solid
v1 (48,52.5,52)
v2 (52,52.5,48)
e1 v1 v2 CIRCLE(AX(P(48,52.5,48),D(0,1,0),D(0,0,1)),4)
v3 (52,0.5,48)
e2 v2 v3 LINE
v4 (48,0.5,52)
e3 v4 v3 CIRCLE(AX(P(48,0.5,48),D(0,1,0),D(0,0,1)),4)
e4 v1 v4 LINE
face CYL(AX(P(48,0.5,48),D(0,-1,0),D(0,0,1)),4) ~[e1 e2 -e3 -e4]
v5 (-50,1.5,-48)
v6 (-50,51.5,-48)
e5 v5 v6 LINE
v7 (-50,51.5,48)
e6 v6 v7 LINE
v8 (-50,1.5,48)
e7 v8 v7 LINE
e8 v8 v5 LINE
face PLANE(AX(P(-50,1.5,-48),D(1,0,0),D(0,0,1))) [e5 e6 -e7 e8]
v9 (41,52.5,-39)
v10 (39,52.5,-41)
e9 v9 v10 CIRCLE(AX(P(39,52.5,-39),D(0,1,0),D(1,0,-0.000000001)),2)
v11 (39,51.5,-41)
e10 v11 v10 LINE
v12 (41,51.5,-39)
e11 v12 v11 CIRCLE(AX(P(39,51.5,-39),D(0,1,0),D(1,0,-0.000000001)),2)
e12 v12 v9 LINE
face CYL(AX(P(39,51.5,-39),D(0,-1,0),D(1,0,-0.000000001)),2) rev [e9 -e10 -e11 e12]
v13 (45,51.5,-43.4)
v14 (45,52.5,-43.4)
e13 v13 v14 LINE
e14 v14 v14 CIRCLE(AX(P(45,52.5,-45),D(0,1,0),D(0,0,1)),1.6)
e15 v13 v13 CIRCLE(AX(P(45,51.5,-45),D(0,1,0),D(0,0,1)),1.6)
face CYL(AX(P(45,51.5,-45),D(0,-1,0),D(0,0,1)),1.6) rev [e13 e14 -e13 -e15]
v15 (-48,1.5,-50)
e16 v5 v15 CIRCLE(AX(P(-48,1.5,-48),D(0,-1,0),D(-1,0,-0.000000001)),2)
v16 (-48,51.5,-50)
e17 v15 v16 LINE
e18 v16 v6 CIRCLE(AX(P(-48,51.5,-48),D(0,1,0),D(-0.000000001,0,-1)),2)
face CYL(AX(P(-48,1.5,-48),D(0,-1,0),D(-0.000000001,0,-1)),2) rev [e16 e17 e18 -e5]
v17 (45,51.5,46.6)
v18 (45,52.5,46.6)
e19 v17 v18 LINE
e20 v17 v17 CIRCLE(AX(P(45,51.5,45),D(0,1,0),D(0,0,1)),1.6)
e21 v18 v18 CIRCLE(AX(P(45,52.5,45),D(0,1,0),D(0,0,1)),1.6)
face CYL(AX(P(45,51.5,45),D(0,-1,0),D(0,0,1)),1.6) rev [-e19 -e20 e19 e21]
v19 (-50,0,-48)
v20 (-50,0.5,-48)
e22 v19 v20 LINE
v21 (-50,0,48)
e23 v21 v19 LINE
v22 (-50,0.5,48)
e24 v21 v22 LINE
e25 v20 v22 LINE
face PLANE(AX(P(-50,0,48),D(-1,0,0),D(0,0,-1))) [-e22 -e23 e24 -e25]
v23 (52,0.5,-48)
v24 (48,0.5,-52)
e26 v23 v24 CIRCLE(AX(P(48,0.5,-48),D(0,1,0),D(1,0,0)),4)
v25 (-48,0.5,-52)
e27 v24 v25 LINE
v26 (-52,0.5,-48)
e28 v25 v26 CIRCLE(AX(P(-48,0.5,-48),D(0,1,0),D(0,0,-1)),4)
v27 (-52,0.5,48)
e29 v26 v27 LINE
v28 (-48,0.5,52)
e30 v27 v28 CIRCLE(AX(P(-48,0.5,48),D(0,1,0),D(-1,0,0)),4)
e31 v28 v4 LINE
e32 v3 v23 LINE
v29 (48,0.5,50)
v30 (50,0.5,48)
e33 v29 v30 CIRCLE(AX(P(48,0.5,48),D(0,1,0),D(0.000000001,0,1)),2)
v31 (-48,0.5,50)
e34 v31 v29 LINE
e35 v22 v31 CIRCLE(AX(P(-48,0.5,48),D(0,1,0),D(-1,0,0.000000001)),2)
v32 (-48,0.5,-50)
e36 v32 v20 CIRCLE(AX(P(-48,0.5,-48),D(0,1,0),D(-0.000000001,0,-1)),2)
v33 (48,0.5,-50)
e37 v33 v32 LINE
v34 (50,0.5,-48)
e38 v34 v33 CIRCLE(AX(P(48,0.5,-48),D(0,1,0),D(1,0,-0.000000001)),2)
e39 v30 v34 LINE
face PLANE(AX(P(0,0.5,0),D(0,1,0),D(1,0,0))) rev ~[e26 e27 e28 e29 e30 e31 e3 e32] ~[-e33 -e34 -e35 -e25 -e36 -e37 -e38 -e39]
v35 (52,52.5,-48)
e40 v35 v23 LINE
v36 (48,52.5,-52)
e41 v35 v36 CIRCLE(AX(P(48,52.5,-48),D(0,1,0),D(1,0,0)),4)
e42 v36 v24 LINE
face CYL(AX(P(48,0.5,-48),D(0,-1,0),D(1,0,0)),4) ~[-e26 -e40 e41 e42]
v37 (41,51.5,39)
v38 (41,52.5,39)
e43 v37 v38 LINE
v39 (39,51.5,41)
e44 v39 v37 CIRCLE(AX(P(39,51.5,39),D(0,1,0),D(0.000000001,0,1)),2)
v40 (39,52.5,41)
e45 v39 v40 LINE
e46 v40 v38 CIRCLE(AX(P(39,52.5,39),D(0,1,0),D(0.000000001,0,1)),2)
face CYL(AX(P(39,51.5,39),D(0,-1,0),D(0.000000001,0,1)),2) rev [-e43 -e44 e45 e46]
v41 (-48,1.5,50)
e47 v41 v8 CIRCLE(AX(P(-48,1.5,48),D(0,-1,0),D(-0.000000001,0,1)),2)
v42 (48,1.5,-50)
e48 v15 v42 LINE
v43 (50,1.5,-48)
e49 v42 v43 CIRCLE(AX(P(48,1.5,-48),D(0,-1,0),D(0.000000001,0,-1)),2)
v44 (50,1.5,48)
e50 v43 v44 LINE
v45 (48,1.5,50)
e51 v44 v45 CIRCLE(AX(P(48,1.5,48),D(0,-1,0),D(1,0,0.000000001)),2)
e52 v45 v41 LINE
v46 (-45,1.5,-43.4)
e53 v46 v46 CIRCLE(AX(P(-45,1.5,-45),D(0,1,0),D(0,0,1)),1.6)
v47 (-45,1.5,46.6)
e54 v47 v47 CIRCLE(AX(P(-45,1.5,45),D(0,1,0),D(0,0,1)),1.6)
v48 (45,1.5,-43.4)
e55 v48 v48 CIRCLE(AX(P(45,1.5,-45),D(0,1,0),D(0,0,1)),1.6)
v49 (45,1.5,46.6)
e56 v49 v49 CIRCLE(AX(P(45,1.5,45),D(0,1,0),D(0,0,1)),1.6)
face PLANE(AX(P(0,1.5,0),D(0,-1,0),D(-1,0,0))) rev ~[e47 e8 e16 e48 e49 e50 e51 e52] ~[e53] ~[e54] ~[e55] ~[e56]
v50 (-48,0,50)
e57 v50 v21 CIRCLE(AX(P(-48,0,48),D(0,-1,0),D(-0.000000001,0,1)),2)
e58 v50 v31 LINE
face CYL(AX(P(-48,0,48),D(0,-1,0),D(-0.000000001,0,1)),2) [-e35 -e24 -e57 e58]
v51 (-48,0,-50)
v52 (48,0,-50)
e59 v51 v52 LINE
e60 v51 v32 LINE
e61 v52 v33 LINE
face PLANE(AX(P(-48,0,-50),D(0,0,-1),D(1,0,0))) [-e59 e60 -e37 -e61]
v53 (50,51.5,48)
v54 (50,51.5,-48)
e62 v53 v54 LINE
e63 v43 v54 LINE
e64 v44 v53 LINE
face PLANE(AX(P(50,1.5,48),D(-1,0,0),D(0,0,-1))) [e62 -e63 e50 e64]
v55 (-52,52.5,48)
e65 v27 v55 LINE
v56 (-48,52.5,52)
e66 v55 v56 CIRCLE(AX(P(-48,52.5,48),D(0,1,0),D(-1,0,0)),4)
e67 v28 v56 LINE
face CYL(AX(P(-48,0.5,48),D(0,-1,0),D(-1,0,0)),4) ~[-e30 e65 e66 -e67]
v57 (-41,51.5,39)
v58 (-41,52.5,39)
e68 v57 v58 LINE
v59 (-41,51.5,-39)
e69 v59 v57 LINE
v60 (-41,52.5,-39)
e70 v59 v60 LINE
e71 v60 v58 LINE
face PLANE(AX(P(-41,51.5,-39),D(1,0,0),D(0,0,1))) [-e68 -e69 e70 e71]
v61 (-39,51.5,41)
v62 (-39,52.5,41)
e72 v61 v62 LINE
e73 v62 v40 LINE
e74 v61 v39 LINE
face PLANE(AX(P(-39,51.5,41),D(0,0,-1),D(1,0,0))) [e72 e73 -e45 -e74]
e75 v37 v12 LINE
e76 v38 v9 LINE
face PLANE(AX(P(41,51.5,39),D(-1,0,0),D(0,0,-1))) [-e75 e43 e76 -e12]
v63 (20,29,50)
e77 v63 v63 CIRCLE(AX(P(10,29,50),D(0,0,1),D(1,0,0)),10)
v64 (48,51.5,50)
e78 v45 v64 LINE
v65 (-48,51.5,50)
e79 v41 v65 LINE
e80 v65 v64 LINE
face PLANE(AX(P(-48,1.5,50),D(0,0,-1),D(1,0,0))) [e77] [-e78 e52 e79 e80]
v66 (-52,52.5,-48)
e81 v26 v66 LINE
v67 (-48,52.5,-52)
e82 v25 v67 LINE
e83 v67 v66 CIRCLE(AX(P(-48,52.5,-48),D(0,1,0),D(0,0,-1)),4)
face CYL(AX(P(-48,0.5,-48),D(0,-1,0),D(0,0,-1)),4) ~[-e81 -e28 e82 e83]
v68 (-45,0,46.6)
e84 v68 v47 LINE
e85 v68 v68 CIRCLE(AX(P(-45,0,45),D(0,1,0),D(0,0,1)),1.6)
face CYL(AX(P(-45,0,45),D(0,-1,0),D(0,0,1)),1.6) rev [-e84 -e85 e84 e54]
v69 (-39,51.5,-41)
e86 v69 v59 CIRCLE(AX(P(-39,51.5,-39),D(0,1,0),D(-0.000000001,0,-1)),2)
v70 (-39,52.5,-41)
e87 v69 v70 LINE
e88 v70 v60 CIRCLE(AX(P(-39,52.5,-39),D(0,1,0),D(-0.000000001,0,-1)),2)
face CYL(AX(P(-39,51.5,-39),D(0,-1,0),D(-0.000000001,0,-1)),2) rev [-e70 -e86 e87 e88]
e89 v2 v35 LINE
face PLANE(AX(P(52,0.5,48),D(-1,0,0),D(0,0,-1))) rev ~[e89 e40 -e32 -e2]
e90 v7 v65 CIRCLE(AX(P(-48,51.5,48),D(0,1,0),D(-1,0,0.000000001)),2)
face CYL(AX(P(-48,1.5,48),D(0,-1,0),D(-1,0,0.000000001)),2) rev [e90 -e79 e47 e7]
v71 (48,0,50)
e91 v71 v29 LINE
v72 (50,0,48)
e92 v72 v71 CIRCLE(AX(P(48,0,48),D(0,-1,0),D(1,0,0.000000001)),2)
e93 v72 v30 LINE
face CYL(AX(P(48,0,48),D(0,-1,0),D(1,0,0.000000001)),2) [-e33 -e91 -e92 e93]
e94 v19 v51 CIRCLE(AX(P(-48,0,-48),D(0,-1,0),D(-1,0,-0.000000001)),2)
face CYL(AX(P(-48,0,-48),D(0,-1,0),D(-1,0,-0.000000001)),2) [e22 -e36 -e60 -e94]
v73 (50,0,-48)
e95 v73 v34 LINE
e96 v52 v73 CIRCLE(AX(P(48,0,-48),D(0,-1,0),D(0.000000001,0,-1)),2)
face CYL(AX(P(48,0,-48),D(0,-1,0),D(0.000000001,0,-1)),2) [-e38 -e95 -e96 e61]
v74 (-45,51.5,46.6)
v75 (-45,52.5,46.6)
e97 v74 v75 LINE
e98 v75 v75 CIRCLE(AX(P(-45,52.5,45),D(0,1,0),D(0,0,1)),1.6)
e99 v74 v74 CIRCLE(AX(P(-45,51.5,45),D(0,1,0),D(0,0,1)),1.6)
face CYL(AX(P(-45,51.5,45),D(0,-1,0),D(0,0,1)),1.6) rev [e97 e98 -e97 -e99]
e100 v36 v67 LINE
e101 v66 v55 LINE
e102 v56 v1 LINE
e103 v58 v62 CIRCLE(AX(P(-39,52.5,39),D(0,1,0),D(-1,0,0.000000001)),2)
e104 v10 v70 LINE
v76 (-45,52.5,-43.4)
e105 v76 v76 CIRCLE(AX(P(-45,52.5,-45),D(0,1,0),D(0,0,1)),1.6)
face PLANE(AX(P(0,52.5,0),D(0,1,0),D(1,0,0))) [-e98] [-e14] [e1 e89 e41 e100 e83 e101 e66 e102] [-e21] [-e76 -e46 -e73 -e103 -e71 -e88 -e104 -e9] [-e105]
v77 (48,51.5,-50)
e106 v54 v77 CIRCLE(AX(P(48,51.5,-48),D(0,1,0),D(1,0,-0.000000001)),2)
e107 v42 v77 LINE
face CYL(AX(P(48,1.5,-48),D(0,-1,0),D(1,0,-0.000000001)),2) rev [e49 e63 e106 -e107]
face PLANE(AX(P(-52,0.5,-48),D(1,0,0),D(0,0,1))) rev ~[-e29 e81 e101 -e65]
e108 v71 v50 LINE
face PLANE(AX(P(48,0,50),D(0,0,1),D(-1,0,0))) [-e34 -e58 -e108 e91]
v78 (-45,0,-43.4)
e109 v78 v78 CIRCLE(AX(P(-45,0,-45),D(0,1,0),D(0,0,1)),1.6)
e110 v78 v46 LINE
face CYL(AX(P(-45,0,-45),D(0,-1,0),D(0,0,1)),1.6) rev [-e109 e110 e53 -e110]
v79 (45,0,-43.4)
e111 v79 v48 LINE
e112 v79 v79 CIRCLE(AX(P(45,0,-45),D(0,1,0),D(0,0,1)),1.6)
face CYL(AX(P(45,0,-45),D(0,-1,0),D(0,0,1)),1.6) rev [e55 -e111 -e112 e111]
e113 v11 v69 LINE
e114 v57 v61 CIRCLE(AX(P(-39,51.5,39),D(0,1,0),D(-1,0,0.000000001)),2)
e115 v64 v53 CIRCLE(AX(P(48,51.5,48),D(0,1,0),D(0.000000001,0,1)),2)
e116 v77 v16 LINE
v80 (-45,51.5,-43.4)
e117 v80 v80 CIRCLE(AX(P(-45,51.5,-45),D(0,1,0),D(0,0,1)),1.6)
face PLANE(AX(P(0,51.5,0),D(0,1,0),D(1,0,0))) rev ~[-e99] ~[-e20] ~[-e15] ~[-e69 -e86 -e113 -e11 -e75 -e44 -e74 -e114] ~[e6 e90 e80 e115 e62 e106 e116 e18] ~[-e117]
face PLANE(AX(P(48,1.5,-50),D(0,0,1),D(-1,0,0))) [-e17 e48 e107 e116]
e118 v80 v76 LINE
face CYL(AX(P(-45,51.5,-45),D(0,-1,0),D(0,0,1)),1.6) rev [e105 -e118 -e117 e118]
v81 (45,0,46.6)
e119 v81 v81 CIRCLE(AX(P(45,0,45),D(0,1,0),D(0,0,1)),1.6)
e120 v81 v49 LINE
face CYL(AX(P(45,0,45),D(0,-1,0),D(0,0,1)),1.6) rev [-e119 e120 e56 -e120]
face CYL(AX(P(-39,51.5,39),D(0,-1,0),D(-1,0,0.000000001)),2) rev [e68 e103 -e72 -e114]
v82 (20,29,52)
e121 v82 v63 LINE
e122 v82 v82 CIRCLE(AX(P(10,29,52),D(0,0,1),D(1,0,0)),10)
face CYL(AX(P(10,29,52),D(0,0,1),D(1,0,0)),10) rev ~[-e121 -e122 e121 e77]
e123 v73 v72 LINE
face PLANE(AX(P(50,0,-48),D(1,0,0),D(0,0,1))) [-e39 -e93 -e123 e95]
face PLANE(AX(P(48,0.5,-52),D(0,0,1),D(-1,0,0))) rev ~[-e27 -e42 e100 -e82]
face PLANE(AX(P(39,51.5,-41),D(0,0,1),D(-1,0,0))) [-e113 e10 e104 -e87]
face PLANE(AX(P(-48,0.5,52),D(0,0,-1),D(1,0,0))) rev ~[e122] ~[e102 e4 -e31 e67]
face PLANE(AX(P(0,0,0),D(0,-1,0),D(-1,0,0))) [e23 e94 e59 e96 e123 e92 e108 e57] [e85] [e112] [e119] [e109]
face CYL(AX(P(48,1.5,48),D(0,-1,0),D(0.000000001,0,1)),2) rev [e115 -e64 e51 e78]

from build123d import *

# Parameters (mm, degrees)
SKETCH1_R            = 1.6
BOSS_EXTRUDE1_DEPTH  = 1.5
BOSS_EXTRUDE10_DEPTH = 50
SKETCH5_R            = 10
CUT_EXTRUDE1_DEPTH   = 10
SKETCH6_R            = 1.6
BOSS_EXTRUDE11_DEPTH = 1
BOSS_EXTRUDE12_START = -1
BOSS_EXTRUDE12_DEPTH = 1


with BuildPart() as part:
    # Sketch1 → Boss-Extrude1 (new body)
    with BuildSketch(Plane(origin=(0, 0, 0), x_dir=(1, 0, 0), z_dir=(0, 1, 0))):
        with BuildLine():
            Line((48, -50), (-48, -50))
            ThreePointArc((-48, -50), (-49.414213562, -49.414213562), (-50, -48))
            Line((-50, -48), (-50, 48))
            ThreePointArc((-50, 48), (-49.414213562, 49.414213562), (-48, 50))
            Line((-48, 50), (48, 50))
            ThreePointArc((48, 50), (49.414213562, 49.414213562), (50, 48))
            Line((50, 48), (50, -48))
            ThreePointArc((50, -48), (49.414213562, -49.414213562), (48, -50))
        make_face()
        with Locations((-45, 45)):
            Circle(SKETCH1_R, mode=Mode.SUBTRACT)
        with Locations((45, 45)):
            Circle(SKETCH1_R, mode=Mode.SUBTRACT)
        with Locations((45, -45)):
            Circle(SKETCH1_R, mode=Mode.SUBTRACT)
        with Locations((-45, -45)):
            Circle(SKETCH1_R, mode=Mode.SUBTRACT)
    extrude(amount=BOSS_EXTRUDE1_DEPTH)



with BuildPart() as body_2:
    # Sketch2 → Boss-Extrude10 (new body)
    with BuildSketch(Plane(origin=(0, 1.5, 0), x_dir=(1, 0, 0), z_dir=(0, 1, 0))):
        with BuildLine():
            Line((48, 52), (-48, 52))
            ThreePointArc((-48, 52), (-50.828427125, 50.828427125), (-52, 48))
            Line((-52, 48), (-52, -48))
            ThreePointArc((-52, -48), (-50.828427125, -50.828427125), (-48, -52))
            Line((-48, -52), (48, -52))
            ThreePointArc((48, -52), (50.828427125, -50.828427125), (52, -48))
            Line((52, -48), (52, 48))
            ThreePointArc((52, 48), (50.828427125, 50.828427125), (48, 52))
        make_face()
        with BuildLine():
            Line((48, 50), (-48, 50))
            ThreePointArc((-48, 50), (-49.414213562, 49.414213562), (-50, 48))
            Line((-50, 48), (-50, -48))
            ThreePointArc((-50, -48), (-49.414213562, -49.414213562), (-48, -50))
            Line((-48, -50), (48, -50))
            ThreePointArc((48, -50), (49.414213562, -49.414213562), (50, -48))
            Line((50, -48), (50, 48))
            ThreePointArc((50, 48), (49.414213562, 49.414213562), (48, 50))
        make_face(mode=Mode.SUBTRACT)
    extrude(amount=BOSS_EXTRUDE10_DEPTH)

    # Sketch5 → Cut-Extrude1 (cut)
    with BuildSketch(Plane.XY.offset(52)):
        with Locations((10, 29)):
            Circle(SKETCH5_R)
    extrude(amount=-CUT_EXTRUDE1_DEPTH, mode=Mode.SUBTRACT)

    # Sketch6 → Boss-Extrude11 (add)
    with BuildSketch(Plane(origin=(0, 51.5, 0), x_dir=(1, 0, 0), z_dir=(0, 1, 0))):
        with BuildLine():
            Line((48, 52), (-48, 52))
            ThreePointArc((-48, 52), (-50.828427125, 50.828427125), (-52, 48))
            Line((-52, 48), (-52, -48))
            ThreePointArc((-52, -48), (-50.828427125, -50.828427125), (-48, -52))
            Line((-48, -52), (48, -52))
            ThreePointArc((48, -52), (50.828427125, -50.828427125), (52, -48))
            Line((52, -48), (52, 48))
            ThreePointArc((52, 48), (50.828427125, 50.828427125), (48, 52))
        make_face()
        with Locations((-45, 45)):
            Circle(SKETCH6_R, mode=Mode.SUBTRACT)
        with Locations((45, 45)):
            Circle(SKETCH6_R, mode=Mode.SUBTRACT)
        with Locations((45, -45)):
            Circle(SKETCH6_R, mode=Mode.SUBTRACT)
        with Locations((-45, -45)):
            Circle(SKETCH6_R, mode=Mode.SUBTRACT)
        with BuildLine():
            Line((-39, -41), (39, -41))
            ThreePointArc((39, -41), (40.414213562, -40.414213562), (41, -39))
            Line((41, -39), (41, 39))
            ThreePointArc((41, 39), (40.414213562, 40.414213562), (39, 41))
            Line((39, 41), (-39, 41))
            ThreePointArc((-39, 41), (-40.414213562, 40.414213562), (-41, 39))
            Line((-41, 39), (-41, -39))
            ThreePointArc((-41, -39), (-40.414213562, -40.414213562), (-39, -41))
        make_face(mode=Mode.SUBTRACT)
    extrude(amount=BOSS_EXTRUDE11_DEPTH)


with BuildPart() as part_1:
    add(part.part)

    add(body_2.part)  # Boss-Extrude12 merges body 2
    # Sketch2<6> → Boss-Extrude12 (add)
    with BuildSketch(Plane(origin=(0, 1.5, 0), x_dir=(1, 0, 0), z_dir=(0, 1, 0)).offset(BOSS_EXTRUDE12_START)):
        with BuildLine():
            Line((48, 52), (-48, 52))
            ThreePointArc((-48, 52), (-50.828427125, 50.828427125), (-52, 48))
            Line((-52, 48), (-52, -48))
            ThreePointArc((-52, -48), (-50.828427125, -50.828427125), (-48, -52))
            Line((-48, -52), (48, -52))
            ThreePointArc((48, -52), (50.828427125, -50.828427125), (52, -48))
            Line((52, -48), (52, 48))
            ThreePointArc((52, 48), (50.828427125, 50.828427125), (48, 52))
        make_face()
        with BuildLine():
            Line((48, 50), (-48, 50))
            ThreePointArc((-48, 50), (-49.414213562, 49.414213562), (-50, 48))
            Line((-50, 48), (-50, -48))
            ThreePointArc((-50, -48), (-49.414213562, -49.414213562), (-48, -50))
            Line((-48, -50), (48, -50))
            ThreePointArc((48, -50), (49.414213562, -49.414213562), (50, -48))
            Line((50, -48), (50, 48))
            ThreePointArc((50, 48), (49.414213562, 49.414213562), (48, 50))
        make_face(mode=Mode.SUBTRACT)
    extrude(amount=BOSS_EXTRUDE12_DEPTH)


solid = part_1.part
